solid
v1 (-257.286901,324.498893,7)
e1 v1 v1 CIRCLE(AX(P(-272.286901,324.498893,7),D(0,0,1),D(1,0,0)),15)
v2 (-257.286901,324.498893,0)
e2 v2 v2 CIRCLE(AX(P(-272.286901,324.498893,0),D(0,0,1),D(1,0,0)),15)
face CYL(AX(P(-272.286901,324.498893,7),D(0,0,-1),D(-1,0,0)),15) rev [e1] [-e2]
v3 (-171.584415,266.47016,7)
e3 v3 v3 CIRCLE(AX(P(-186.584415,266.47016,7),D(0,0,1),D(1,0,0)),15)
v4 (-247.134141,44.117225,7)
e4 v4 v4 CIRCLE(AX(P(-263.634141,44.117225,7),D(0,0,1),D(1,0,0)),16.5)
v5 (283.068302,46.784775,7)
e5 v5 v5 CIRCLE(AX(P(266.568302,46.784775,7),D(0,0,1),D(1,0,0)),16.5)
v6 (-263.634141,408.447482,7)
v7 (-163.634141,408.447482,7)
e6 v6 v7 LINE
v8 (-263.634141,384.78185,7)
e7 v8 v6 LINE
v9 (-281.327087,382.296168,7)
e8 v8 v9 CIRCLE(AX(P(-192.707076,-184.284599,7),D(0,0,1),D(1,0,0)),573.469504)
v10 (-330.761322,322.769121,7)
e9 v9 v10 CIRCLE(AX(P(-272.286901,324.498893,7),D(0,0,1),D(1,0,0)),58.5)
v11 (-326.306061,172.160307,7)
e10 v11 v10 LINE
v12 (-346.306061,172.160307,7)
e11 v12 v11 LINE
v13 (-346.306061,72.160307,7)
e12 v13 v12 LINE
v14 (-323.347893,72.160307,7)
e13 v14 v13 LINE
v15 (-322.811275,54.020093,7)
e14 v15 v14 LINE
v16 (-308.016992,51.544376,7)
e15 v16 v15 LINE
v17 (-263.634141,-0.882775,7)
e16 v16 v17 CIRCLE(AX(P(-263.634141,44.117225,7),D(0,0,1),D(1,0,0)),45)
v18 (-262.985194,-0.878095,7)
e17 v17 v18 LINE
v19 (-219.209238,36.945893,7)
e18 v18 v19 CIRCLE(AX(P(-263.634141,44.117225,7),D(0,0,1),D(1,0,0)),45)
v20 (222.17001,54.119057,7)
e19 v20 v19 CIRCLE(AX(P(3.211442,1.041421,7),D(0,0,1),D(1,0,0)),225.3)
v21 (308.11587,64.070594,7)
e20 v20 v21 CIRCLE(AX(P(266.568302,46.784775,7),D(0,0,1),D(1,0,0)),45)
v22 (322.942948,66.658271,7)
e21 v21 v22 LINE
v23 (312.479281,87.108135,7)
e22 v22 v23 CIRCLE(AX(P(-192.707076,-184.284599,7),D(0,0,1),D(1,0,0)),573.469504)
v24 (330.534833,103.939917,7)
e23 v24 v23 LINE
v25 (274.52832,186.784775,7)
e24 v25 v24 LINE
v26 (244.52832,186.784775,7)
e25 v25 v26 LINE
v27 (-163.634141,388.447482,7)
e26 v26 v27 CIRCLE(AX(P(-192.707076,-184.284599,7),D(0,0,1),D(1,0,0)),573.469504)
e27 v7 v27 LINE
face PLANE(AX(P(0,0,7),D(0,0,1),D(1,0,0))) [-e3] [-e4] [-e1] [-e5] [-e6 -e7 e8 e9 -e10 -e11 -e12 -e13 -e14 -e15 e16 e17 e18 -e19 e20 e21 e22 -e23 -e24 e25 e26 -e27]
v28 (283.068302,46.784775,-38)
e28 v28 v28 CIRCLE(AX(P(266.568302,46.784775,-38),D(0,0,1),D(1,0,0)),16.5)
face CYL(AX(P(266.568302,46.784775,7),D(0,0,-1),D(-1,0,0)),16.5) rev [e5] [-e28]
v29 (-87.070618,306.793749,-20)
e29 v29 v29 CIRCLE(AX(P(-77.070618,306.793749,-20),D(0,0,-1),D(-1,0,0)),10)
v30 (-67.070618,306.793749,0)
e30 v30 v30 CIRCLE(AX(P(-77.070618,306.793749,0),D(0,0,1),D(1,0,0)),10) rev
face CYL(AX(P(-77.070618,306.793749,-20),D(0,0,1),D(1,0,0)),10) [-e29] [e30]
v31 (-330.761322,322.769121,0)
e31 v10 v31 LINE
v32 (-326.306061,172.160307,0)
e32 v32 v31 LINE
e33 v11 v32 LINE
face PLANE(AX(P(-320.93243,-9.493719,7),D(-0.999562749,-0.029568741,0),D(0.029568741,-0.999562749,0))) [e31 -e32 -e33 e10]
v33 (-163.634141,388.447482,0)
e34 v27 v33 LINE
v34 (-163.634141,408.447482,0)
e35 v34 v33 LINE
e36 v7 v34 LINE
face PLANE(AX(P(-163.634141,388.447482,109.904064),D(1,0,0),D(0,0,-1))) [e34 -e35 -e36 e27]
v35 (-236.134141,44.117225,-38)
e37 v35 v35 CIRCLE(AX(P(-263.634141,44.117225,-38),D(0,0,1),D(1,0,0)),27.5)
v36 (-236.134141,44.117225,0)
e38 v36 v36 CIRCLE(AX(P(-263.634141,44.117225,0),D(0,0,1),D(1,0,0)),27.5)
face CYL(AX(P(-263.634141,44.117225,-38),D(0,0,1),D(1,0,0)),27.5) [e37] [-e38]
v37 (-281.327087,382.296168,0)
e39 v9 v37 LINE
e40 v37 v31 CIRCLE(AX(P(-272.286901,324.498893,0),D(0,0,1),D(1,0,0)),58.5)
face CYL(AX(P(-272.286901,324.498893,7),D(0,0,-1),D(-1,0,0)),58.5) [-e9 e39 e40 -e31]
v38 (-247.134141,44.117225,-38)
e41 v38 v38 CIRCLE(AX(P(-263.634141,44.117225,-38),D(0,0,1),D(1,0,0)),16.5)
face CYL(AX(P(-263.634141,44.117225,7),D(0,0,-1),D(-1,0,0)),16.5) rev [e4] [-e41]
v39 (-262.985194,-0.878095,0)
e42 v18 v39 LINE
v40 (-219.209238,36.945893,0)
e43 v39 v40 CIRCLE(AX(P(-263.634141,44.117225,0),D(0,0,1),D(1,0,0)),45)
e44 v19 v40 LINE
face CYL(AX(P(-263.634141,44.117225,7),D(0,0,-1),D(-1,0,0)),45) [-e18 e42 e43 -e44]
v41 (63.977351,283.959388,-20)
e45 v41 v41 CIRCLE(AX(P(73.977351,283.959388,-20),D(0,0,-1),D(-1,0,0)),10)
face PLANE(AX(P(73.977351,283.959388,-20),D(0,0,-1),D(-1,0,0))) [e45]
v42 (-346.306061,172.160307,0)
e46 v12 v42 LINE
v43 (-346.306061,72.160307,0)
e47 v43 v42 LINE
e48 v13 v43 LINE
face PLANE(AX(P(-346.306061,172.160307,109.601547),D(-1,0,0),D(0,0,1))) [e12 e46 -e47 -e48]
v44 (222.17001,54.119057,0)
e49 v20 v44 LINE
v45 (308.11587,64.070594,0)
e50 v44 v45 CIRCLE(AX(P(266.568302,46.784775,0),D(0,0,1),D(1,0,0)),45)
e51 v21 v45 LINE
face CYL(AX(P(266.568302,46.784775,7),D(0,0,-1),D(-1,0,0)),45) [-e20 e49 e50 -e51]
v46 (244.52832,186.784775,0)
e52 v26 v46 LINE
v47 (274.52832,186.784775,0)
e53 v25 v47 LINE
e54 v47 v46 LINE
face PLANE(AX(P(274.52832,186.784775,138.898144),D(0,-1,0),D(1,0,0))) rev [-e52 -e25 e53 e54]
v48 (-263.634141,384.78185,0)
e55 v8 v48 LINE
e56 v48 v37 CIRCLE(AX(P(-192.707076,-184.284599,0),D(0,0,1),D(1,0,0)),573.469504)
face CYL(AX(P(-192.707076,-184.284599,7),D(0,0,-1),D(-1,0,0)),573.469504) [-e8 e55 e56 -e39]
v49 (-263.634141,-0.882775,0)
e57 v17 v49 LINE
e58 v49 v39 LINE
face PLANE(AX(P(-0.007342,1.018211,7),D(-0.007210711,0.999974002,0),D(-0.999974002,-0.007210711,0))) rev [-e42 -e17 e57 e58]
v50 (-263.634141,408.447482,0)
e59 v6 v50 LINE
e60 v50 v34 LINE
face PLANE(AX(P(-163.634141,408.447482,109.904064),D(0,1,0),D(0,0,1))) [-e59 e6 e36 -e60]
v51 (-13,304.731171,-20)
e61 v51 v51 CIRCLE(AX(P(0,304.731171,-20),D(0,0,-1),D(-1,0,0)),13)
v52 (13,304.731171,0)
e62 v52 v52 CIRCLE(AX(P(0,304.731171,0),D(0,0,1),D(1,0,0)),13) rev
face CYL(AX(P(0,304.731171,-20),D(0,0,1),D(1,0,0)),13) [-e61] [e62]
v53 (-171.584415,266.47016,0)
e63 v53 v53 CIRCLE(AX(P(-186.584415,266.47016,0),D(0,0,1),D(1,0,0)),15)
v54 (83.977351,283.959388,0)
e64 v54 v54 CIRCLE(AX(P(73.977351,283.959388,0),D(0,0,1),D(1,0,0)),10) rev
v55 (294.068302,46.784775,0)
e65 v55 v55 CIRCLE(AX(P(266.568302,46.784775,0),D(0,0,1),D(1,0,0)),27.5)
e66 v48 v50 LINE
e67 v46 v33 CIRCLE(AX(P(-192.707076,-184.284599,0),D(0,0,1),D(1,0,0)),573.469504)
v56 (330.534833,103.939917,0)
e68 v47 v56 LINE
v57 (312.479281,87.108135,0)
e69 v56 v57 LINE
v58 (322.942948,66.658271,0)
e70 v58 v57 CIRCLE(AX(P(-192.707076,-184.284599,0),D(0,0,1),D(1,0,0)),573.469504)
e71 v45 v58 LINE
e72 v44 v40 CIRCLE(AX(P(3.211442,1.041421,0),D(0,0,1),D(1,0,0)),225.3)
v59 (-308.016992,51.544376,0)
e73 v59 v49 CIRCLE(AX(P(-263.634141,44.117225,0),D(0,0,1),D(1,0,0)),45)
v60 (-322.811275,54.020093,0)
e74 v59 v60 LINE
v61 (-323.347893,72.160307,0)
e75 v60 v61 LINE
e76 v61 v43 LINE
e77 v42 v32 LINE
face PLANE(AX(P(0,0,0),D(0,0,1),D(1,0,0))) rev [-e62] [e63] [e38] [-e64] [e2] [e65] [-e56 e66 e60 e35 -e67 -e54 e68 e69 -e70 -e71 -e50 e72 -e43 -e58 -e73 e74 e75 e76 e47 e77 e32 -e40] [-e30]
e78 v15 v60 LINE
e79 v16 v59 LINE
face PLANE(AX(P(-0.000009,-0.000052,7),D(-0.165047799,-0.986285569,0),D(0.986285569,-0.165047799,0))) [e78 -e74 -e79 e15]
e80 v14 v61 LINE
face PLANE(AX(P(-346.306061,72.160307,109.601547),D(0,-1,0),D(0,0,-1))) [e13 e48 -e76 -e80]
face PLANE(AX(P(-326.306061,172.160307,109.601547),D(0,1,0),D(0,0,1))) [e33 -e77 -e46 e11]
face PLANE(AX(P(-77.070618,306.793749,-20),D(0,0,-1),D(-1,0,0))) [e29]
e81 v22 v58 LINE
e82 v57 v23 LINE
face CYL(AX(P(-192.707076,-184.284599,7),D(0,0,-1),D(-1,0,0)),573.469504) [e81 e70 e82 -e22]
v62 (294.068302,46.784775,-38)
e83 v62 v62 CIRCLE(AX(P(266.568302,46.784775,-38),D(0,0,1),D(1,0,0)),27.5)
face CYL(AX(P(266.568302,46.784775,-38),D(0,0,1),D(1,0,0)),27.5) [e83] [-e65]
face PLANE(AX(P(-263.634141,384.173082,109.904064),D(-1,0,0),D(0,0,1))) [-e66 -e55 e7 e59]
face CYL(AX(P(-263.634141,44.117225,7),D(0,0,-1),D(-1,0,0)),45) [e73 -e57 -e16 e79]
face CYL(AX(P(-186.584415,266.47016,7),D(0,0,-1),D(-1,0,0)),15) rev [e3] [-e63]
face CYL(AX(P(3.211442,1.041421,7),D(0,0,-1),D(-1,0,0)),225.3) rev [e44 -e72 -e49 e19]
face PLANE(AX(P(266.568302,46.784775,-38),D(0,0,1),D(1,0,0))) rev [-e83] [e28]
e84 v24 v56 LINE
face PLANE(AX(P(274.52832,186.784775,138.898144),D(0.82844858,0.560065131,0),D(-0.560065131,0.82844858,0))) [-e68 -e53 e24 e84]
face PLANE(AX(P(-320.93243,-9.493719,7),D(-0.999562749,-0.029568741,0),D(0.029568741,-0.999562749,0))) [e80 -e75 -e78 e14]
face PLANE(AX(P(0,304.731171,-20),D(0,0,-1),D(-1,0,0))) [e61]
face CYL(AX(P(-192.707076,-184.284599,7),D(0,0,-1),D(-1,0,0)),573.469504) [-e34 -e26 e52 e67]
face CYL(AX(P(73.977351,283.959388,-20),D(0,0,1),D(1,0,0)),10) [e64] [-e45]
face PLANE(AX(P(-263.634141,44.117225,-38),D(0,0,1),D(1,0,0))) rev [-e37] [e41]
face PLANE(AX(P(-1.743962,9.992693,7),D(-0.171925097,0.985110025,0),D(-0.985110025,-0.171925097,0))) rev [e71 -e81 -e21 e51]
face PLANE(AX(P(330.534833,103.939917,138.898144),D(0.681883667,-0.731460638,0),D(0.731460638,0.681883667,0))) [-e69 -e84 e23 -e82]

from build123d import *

# Parameters (mm, degrees)
SKETCH1_R            = 16.5
SKETCH1_R_2          = 15
BOSS_EXTRUDE3_DEPTH  = 7
SKETCH2_R            = 27.5
SKETCH2_R_2          = 16.5
BOSS_EXTRUDE4_DEPTH  = 45
SKETCH4_R            = 10
SKETCH4_R_2          = 13
BOSS_EXTRUDE10_DEPTH = 20
BOSS_EXTRUDE11_DEPTH = 7
BOSS_EXTRUDE12_DEPTH = 7
BOSS_EXTRUDE13_DEPTH = 7


with BuildPart() as part:
    # Sketch1 → Boss-Extrude3 (new body)
    with BuildSketch(Plane.XY):
        with BuildLine():
            Line((-322.811275448, 54.020092964), (-308.016991909, 51.544375984))
            ThreePointArc((-308.016991909, 51.544375984), (-297.979605272, 15.041649319), (-263.634141291, -0.882774953))
            Line((-263.634141291, -0.882774953), (-262.985194212, -0.878095462))
            ThreePointArc((-262.985194212, -0.878095462), (-234.213459723, 10.066916736), (-219.209238471, 36.945892575))
            ThreePointArc((-219.209238471, 36.945892575), (-5.54789332, 226.171081865), (222.17000985, 54.119057031))
            ThreePointArc((222.17000985, 54.119057031), (271.744200091, 2.083431527), (308.115870104, 64.070593748))
            Line((308.115870104, 64.070593748), (322.942948353, 66.658271071))
            ThreePointArc((322.942948353, 66.658271071), (72.802770658, 324.018256719), (-281.327086526, 382.296168148))
            ThreePointArc((-281.327086526, 382.296168148), (-317.291599122, 361.87304371), (-330.761322011, 322.769121357))
            Line((-330.761322011, 322.769121357), (-322.811275448, 54.020092964))
        make_face()
        with Locations((-263.634141291, 44.117225047)):
            Circle(SKETCH1_R, mode=Mode.SUBTRACT)
        with Locations((266.5683015, 46.784774614)):
            Circle(SKETCH1_R, mode=Mode.SUBTRACT)
        with Locations((-186.584414745, 266.470160007)):
            Circle(SKETCH1_R_2, mode=Mode.SUBTRACT)
        with Locations((-272.286901184, 324.498892702)):
            Circle(SKETCH1_R_2, mode=Mode.SUBTRACT)
    extrude(amount=BOSS_EXTRUDE3_DEPTH)

    # Sketch2 → Boss-Extrude4 (add)
    with BuildSketch(Plane.XY.offset(7)):
        with Locations((-263.634141291, 44.117225047)):
            Circle(SKETCH2_R)
        with Locations((-263.634141291, 44.117225047)):
            Circle(SKETCH2_R_2, mode=Mode.SUBTRACT)
        with Locations((266.5683015, 46.784774614)):
            Circle(SKETCH2_R)
        with Locations((266.5683015, 46.784774614)):
            Circle(SKETCH2_R_2, mode=Mode.SUBTRACT)
    extrude(amount=-BOSS_EXTRUDE4_DEPTH)

    # Sketch4 → Boss-Extrude10 (add)
    with BuildSketch(Plane(origin=(0, 0, 0), x_dir=(-1, 0, 0), z_dir=(0, 0, -1))):
        with Locations((-73.977350909, 283.959387959)):
            Circle(SKETCH4_R)
        with Locations((77.070617643, 306.793749247)):
            Circle(SKETCH4_R)
        with Locations((0, 304.731170723)):
            Circle(SKETCH4_R_2)
    extrude(amount=BOSS_EXTRUDE10_DEPTH)

    # Sketch6 → Boss-Extrude11 (add)
    with BuildSketch(Plane(origin=(0, 0, 0), x_dir=(-1, 0, 0), z_dir=(0, 0, -1))):
        Polygon((-244.528320181, 186.784774614), (-312.13241104, 86.784774614), (-330.534833245, 103.93991663), (-274.528320181, 186.784774614), align=None)
    extrude(amount=-BOSS_EXTRUDE11_DEPTH)

    # Sketch9 → Boss-Extrude12 (add)
    with BuildSketch(Plane(origin=(0, 0, 0), x_dir=(-1, 0, 0), z_dir=(0, 0, -1))):
        Polygon((326.306060919, 172.160306644), (346.306060919, 172.160306644), (346.306060919, 72.160306644), (323.347893363, 72.160306644), align=None)
    extrude(amount=-BOSS_EXTRUDE12_DEPTH)

    # Sketch10 → Boss-Extrude13 (add)
    with BuildSketch(Plane(origin=(0, 0, 0), x_dir=(-1, 0, 0), z_dir=(0, 0, -1))):
        Polygon((163.634141291, 388.447481806), (163.634141291, 408.447481806), (263.634141291, 408.447481806), (263.634141291, 384.173082441), align=None)
    extrude(amount=-BOSS_EXTRUDE13_DEPTH)


solid = part.part
